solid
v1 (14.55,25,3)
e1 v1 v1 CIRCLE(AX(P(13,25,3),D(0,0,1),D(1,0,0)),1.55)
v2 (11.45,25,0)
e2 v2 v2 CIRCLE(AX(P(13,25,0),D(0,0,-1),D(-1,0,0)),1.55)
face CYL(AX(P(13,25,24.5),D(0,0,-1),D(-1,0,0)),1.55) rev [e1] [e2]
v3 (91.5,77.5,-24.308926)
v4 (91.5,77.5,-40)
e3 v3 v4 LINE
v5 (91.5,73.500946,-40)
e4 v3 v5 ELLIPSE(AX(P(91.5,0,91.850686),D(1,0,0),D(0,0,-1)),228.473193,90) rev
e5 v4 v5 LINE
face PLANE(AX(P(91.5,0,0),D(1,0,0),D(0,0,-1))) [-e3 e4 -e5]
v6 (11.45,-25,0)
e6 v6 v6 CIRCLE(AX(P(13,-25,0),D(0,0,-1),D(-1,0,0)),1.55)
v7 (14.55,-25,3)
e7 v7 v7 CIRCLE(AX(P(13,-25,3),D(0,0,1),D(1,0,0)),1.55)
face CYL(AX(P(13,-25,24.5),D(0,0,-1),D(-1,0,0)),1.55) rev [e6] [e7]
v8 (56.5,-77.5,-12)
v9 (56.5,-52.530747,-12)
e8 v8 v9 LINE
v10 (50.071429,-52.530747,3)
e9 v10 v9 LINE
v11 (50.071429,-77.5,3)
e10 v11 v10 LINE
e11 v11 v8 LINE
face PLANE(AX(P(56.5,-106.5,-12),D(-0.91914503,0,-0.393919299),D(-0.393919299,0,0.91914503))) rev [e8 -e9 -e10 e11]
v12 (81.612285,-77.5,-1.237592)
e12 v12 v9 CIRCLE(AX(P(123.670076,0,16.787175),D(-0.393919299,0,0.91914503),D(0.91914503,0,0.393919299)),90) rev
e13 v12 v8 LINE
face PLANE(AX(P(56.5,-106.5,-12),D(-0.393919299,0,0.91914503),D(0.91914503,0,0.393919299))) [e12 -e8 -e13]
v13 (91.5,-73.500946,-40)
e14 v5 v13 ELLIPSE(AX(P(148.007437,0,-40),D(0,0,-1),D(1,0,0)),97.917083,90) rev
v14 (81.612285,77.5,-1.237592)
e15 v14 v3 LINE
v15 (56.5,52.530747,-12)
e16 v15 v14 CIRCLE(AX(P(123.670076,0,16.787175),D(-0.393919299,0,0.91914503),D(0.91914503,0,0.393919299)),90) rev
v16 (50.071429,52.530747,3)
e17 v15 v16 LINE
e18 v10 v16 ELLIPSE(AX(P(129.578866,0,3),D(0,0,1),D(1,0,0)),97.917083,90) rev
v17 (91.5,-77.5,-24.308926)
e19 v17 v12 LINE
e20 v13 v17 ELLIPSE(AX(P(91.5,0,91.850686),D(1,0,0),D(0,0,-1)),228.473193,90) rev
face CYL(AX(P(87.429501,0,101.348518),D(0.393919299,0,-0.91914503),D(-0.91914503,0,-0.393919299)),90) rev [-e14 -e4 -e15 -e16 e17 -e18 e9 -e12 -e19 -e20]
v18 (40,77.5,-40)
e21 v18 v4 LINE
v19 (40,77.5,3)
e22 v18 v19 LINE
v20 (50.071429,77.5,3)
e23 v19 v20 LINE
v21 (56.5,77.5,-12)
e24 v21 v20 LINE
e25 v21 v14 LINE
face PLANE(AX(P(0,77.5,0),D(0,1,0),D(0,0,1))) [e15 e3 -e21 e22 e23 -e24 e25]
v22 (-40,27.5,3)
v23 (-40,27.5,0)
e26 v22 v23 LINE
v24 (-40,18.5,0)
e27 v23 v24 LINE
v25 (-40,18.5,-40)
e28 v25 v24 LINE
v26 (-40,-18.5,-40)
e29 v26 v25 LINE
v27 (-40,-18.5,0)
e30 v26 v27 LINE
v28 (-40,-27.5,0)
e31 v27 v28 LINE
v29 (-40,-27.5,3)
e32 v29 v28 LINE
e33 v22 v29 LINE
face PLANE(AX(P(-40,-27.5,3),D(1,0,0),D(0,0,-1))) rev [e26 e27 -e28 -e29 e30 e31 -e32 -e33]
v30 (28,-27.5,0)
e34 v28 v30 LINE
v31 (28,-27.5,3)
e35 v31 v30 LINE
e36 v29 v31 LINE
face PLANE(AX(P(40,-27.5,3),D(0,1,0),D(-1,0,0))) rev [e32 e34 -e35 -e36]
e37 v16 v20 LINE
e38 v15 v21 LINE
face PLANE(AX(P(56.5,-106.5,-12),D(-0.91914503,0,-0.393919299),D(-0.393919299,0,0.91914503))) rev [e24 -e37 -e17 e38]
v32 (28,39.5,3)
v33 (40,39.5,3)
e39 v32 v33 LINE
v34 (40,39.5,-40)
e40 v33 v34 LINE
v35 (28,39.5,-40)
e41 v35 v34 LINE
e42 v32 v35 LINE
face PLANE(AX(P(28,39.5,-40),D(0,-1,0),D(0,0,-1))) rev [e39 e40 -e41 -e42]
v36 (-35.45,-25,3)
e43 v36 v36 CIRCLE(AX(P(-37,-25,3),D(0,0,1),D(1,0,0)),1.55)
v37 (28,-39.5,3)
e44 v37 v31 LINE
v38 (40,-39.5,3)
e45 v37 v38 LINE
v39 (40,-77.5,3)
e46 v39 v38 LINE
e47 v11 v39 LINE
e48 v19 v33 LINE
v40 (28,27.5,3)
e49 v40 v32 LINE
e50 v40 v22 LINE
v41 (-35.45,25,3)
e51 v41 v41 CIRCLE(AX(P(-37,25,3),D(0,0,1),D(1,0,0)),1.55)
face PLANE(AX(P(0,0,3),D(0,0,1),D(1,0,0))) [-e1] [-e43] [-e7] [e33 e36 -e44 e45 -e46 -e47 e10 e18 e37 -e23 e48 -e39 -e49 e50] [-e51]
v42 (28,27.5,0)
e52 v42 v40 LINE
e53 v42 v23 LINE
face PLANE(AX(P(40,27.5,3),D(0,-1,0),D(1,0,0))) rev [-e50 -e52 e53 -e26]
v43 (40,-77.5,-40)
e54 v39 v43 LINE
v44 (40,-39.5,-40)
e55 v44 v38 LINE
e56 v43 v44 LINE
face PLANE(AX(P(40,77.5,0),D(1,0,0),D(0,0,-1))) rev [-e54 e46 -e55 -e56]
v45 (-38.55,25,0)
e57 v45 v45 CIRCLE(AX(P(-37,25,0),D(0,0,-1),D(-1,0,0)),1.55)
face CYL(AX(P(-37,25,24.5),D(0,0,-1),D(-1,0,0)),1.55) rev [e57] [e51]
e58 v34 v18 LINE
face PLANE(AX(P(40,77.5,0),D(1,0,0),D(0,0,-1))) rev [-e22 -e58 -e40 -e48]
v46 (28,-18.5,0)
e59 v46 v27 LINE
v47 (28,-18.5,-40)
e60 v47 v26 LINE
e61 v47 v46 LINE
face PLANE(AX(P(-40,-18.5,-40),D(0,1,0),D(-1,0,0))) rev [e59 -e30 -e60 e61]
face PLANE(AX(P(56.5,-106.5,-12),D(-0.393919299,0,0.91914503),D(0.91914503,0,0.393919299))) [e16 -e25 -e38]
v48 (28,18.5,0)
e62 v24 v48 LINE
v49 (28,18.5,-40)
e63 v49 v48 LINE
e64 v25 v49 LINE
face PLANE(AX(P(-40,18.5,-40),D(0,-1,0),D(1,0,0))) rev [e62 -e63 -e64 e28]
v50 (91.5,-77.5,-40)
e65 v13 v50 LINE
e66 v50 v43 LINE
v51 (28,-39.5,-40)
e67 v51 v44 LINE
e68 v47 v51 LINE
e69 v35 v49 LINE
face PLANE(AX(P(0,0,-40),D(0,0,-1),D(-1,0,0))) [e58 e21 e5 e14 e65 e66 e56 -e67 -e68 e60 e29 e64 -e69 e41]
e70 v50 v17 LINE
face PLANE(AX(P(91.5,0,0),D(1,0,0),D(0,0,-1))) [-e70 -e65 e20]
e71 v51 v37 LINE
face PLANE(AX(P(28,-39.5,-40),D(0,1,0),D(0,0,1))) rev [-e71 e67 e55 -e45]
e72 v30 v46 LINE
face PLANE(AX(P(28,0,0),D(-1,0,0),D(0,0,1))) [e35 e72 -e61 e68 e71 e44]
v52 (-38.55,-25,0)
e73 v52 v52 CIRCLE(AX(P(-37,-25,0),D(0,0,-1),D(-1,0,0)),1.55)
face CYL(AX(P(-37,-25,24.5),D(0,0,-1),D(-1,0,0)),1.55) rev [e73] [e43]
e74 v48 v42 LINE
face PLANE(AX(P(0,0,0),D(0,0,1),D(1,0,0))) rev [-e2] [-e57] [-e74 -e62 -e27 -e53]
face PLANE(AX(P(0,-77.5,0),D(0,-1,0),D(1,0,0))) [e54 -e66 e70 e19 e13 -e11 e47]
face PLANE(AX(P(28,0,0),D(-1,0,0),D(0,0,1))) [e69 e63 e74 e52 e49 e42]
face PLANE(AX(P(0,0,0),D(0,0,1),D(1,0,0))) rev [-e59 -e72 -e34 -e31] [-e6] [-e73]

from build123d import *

# Parameters (mm, degrees)
SKETCH_1_W          = 80
SKETCH_1_H          = 55
EXTRUDE_1_DEPTH     = 3
SKETCH_2_R          = 1.55
CUT_EXTRUDE_1_DEPTH = 24.5
SKETCH_3_W          = 3
SKETCH_3_H          = 55
EXTRUDE_2_DEPTH     = 1.5
SKETCH_5_W          = 3
SKETCH_5_H          = 55
EXTRUDE_3_DEPTH     = 50
SKETCH_6_W          = 51.5
SKETCH_6_H          = 3
EXTRUDE_4_DEPTH     = 50
SKETCH_7_W          = 51.5
SKETCH_7_H          = 3
EXTRUDE_5_DEPTH     = 50
SKETCH_8_W          = 51.5
SKETCH_8_H          = 155
EXTRUDE_6_DEPTH     = 40
EXTRUDE_7_DEPTH     = 12
CUT_EXTRUDE_2_DEPTH = 184
SKETCH_13_R         = 90
CUT_EXTRUDE_3_DEPTH = 92
SKETCH_14_W         = 68
SKETCH_14_H         = 37
EXTRUDE_8_DEPTH     = 40


with BuildPart() as part:
    # 草图1 → 凸台-拉伸1 (new body)
    with BuildSketch(Plane.XY):
        Rectangle(SKETCH_1_W, SKETCH_1_H)
    extrude(amount=EXTRUDE_1_DEPTH)

    # 草图2 → 切除-拉伸1 (cut)
    with BuildSketch(Plane(origin=(0, 0, 0), x_dir=(-1, 0, 0), z_dir=(0, 0, -1))):
        with Locations((37, 25)):
            Circle(SKETCH_2_R)
        with Locations((37, -25)):
            Circle(SKETCH_2_R)
        with Locations((-13, 25)):
            Circle(SKETCH_2_R)
        with Locations((-13, -25)):
            Circle(SKETCH_2_R)
    extrude(amount=-CUT_EXTRUDE_1_DEPTH, mode=Mode.SUBTRACT)



with BuildPart() as body_2:
    # 草图3 → 凸台-拉伸2 (new body)
    with BuildSketch(Plane(origin=(40, 0, 0), x_dir=(0, 0, -1), z_dir=(1, 0, 0))):
        with Locations((-1.5, 0)):
            Rectangle(SKETCH_3_W, SKETCH_3_H)
    extrude(amount=EXTRUDE_2_DEPTH)

    # 草图5 → 凸台-拉伸3 (add)
    with BuildSketch(Plane(origin=(41.5, 0, 0), x_dir=(0, 0, -1), z_dir=(1, 0, 0))):
        with Locations((-1.5, 0)):
            Rectangle(SKETCH_5_W, SKETCH_5_H)
    extrude(amount=EXTRUDE_3_DEPTH)


with BuildPart() as part_1:
    add(part.part)

    add(body_2.part)  # 凸台-拉伸4 merges body 2
    # 草图6 → 凸台-拉伸4 (add)
    with BuildSketch(Plane(origin=(0, 27.5, 0), x_dir=(1, 0, 0), z_dir=(0, 1, 0))):
        with Locations((65.75, -1.5)):
            Rectangle(SKETCH_6_W, SKETCH_6_H)
    extrude(amount=EXTRUDE_4_DEPTH)

    # 草图7 → 凸台-拉伸5 (add)
    with BuildSketch(Plane.XZ.offset(27.5)):
        with Locations((65.75, 1.5)):
            Rectangle(SKETCH_7_W, SKETCH_7_H)
    extrude(amount=EXTRUDE_5_DEPTH)

    # 草图8 → 凸台-拉伸6 (add)
    with BuildSketch(Plane(origin=(0, 0, 0), x_dir=(-1, 0, 0), z_dir=(0, 0, -1))):
        with Locations((-65.75, 0)):
            Rectangle(SKETCH_8_W, SKETCH_8_H)
    extrude(amount=EXTRUDE_6_DEPTH)

    # 草图9 → 凸台-拉伸7 (add)
    with BuildSketch(Plane.ZY.offset(-40)):
        Polygon((-40, 39.5), (3, 39.5), (3, 27.5), (0, 27.5), (0, -27.5), (3, -27.5), (3, -39.5), (-40, -39.5), align=None)
    extrude(amount=EXTRUDE_7_DEPTH)

    # 草图10 → 切除-拉伸2 (cut)
    with BuildSketch(Plane(origin=(0, 77.5, 0), x_dir=(1, 0, 0), z_dir=(0, 1, 0))):
        Polygon((56.5, 12), (91.5, -3), (50.071428571, -3), align=None)
    extrude(amount=-CUT_EXTRUDE_2_DEPTH, mode=Mode.SUBTRACT)

    # 草图13 → 切除-拉伸3 (cut, symmetric)
    with BuildSketch(Plane(origin=(13.112068966, 0, -30.594827586), x_dir=(0.9191450300180579, 0, 0.39391929857916774), z_dir=(-0.39391929857916774, 0, 0.9191450300180579))):
        with Locations((120.283528142, 0)):
            Circle(SKETCH_13_R)
    extrude(amount=CUT_EXTRUDE_3_DEPTH, both=True, mode=Mode.SUBTRACT)

    # 草图14 → 凸台-拉伸8 (add)
    with BuildSketch(Plane(origin=(0, 0, 0), x_dir=(-1, 0, 0), z_dir=(0, 0, -1))):
        with Locations((6, 0)):
            Rectangle(SKETCH_14_W, SKETCH_14_H)
    extrude(amount=EXTRUDE_8_DEPTH)


solid = part_1.part
